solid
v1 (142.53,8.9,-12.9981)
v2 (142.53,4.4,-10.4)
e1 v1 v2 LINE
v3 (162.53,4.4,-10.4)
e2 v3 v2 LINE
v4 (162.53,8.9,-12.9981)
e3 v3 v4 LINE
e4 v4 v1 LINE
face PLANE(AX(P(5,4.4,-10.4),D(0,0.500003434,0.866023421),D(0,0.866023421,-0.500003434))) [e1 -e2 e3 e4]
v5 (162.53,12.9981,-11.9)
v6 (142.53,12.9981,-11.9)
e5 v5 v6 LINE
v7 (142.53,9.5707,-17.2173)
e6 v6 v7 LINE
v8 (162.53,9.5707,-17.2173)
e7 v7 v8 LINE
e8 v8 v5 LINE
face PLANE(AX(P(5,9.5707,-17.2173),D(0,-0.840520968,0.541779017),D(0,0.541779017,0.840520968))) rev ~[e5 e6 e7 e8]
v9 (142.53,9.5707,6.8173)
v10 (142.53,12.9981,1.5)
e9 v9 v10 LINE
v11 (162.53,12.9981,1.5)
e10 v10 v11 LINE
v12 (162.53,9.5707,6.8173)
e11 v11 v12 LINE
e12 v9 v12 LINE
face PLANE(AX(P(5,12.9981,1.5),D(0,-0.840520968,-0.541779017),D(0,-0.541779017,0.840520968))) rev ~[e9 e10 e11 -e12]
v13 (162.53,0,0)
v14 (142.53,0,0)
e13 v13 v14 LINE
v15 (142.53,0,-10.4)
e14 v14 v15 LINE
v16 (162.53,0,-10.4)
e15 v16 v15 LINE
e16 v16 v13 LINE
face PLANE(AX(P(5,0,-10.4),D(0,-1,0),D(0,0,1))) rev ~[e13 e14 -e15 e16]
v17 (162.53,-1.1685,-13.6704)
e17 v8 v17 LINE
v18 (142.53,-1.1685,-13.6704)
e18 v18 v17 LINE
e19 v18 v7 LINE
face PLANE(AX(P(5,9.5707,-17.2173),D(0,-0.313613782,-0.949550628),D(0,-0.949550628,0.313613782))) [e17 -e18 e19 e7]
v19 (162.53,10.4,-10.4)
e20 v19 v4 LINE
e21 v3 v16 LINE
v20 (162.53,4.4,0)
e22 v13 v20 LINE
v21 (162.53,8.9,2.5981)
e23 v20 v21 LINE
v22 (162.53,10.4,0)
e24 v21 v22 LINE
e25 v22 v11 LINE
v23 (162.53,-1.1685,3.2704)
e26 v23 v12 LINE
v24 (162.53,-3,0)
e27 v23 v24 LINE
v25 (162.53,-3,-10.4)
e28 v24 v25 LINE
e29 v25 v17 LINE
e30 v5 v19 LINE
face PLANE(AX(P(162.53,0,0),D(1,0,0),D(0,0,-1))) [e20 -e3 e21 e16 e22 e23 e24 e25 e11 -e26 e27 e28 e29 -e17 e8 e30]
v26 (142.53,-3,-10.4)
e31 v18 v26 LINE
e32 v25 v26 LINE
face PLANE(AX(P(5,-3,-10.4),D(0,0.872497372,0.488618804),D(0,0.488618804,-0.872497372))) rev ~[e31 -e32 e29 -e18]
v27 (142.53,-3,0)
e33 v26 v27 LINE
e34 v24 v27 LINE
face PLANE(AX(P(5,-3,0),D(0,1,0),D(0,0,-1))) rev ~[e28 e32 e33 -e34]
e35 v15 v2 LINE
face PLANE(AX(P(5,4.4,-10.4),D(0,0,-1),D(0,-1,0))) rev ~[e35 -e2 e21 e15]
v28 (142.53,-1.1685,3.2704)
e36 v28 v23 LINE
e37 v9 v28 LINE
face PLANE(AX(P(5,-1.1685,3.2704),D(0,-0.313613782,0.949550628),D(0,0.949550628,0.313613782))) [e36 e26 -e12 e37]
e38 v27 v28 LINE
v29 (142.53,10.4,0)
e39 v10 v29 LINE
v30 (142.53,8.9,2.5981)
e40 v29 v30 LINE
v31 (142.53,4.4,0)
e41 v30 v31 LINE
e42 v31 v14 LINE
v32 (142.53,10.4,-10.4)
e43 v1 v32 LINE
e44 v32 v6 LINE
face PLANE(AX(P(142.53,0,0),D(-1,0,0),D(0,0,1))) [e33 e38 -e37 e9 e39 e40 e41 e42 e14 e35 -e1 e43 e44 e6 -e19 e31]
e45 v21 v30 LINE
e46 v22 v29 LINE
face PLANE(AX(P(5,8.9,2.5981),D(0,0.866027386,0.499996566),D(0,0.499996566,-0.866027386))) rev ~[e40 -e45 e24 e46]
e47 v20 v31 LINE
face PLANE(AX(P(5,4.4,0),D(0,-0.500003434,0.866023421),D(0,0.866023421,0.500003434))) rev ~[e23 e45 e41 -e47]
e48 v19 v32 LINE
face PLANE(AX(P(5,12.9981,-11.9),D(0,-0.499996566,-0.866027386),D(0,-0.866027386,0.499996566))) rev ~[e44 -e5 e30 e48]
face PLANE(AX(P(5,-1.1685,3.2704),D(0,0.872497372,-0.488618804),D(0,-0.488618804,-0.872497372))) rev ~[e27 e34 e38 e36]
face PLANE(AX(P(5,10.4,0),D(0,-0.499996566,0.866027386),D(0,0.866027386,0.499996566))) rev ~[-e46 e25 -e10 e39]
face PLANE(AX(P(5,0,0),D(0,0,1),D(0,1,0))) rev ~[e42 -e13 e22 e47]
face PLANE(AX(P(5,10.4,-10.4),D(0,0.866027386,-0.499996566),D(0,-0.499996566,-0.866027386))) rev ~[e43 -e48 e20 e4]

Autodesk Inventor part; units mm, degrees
ref_plane "YZ Plane" through (0, 0, 0) normal (1, 0, 0) x (0, 1, 0)
ref_plane "XZ Plane" through (0, 0, 0) normal (0, 1, 0) x (-1, 0, 0)
ref_plane "XY Plane" through (0, 0, 0) normal (0, 0, 1) x (1, 0, 0)
sketch "Эскиз8" plane through (0, 0, 0) normal (1, 0, 0) x (0, 1, 0)
  line L0 (0, 0) -> (10.4, 0)
  line L1 (10.4, 0) -> (10.4, -10.4)
  line L2 (10.4, -10.4) -> (0, -10.4)
  line L3 (0, -10.4) -> (0, 0)
  line L4 (5.2, 0) -> (5.2, 4)
  line L5 (5.2, -10.4) -> (5.2, -14.4)
  circle A0 centre (5.2, 4) radius 1.6
  circle A1 centre (5.2, -14.4) radius 1.6
  line L6 (5.2, 4) -> (7.9, 4)
  line L7 (7.9, 2.4412) -> (5.2, 0.8823)
  line L8 (5.2, 0.8823) -> (2.5, 2.4412)
  line L9 (2.5, 2.4412) -> (2.5, 5.5588)
  line L10 (2.5, 5.5588) -> (5.2, 7.1177)
  line L11 (5.2, 7.1177) -> (7.9, 5.5588)
  line L12 (7.9, 5.5588) -> (7.9, 2.4412)
  line L13 (7.9, -15.9588) -> (5.2, -17.5177)
  line L14 (5.2, -17.5177) -> (2.5, -15.9588)
  line L15 (2.5, -15.9588) -> (2.5, -12.8412)
  line L16 (2.5, -12.8412) -> (5.2, -11.2823)
  line L17 (5.2, -11.2823) -> (7.9, -12.8412)
  line L18 (7.9, -12.8412) -> (7.9, -15.9588)
  circle A2 centre (5.2, 4) radius 5.2
  circle A3 centre (5.2, -14.4) radius 5.2
  line L19 (10.4, 4) -> (10.4, 0)
  line L20 (10.4, -10.4) -> (10.4, -14.4)
  line L21 (0, -14.4) -> (0, -10.4)
  line L22 (0, 4) -> (0, 0)
  line L23 (7.9, 5.5588) -> (7.9, 8.4441)
  line L24 (2.5, 5.5588) -> (2.5, 8.4441)
  line L25 (2.5, -15.9588) -> (2.5, -18.8441)
  line L26 (7.9, -15.9588) -> (7.9, -18.8441)
  line L27 (0, 0) -> (-3, 0)
  line L28 (-3, 0) -> (-3, -10.4)
  line L29 (-3, -10.4) -> (0, -10.4)
  line L30 (0, -10.4) -> (0, 0)
  line L31 (10.4, 0) -> (8.9, 2.5981)
  line L32 (10.4, -10.4) -> (8.9, -12.9981)
  line L33 (10.4, -10.4) -> (13.4, -10.4) construction
  line L34 (8.9, -12.9981) -> (4.4, -10.4)
  line L35 (8.9, 2.5981) -> (4.4, 0)
  line L36 (-3, 0) -> (0.663, 6.5408)
  line L37 (-3, -10.4) -> (0.663, -16.9408)
  line L38 (10.4, 0) -> (12.9981, 1.5)
  line L39 (12.9981, 1.5) -> (9.5707, 6.8173)
  line L40 (10.4, -10.4) -> (12.9981, -11.9)
  line L41 (12.9981, -11.9) -> (9.5707, -17.2173)
  point P0 (7.9, -14.4)
  dimension "d51" = 10.4
  dimension "d52" = 10.4
  dimension "d53" = 4
  dimension "d54" = 4
  dimension "d55" = 3.2
  dimension "d56" = 3.2
  dimension "d57" = 2.7
  dimension "d58" = 3
  dimension "d59" = 3
  dimension "d60" = 3
  dimension "d61" = 120
  dimension "d62" = 3
  dimension "d63" = 3
extrude "Выдавливание6" add sketch "Эскиз8" along normal blind 5 contours L0 A2 L24 L9 L8 L4 L35 | L0 L22 A2 | L4 L7 L12 L23 A2 L31 L35 | L27 L36 A2 L22 | L3 L29 L28 L27 | L31 A2 L19 | L19 A2 L39 L38 | L2 A3 L21 | L21 A3 L37 L29 | L40 L41 A3 L20 | L20 A3 L32 | L2 L34 L5 L16 L15 L25 A3 | A3 L26 L18 L17 L5 L34 L32
sketch "Эскиз9" plane through (0, 0, 0) normal (-1, 0, 0) x (0, 0, 1)
  arc A0 (-18.8441, 2.5) -> (-16.9408, 0.663) centre (-14.4, 5.2) ccw projected
  circle A1 centre (-14.4, 5.2) radius 5.2
  circle A2 centre (-14.4, 5.2) radius 1.6
  arc A3 (6.5408, 0.663) -> (8.4441, 2.5) centre (4, 5.2) ccw projected
  circle A4 centre (4, 5.2) radius 5.2
  circle A5 centre (4, 5.2) radius 1.6
  line L0 (2.5981, 8.9) -> (0, 10.4) projected
  line L1 (0, 10.4) -> (2.5981, 8.9)
  line L2 (0, 4.4) -> (2.5981, 8.9) projected
  line L3 (2.5981, 8.9) -> (0, 4.4)
  line L4 (0, 0) -> (0, 4.4) projected
  line L5 (0, 4.4) -> (0, 0)
  line L6 (-10.4, 4.4) -> (-10.4, 0) projected
  line L7 (0, 0) -> (-10.4, 0)
  line L8 (-10.4, 0) -> (-10.4, 1.8774)
  line L9 (-10.4, 10.4) -> (-12.9981, 8.9) projected
  line L10 (-11.699, 9.65) -> (-10.4, 10.4)
  line L11 (-11.9, 12.9981) -> (-10.4, 10.4) projected
  line L12 (-10.4, 10.4) -> (-11.9, 12.9981)
  line L13 (-17.2173, 9.5707) -> (-11.9, 12.9981) projected
  line L14 (-11.9, 12.9981) -> (-17.2173, 9.5707)
  line L15 (0, 10.4) -> (1.5, 12.9981) projected
  line L16 (0, 10.4) -> (1.5, 12.9981)
  line L17 (1.5, 12.9981) -> (6.8173, 9.5707) projected
  line L18 (1.5, 12.9981) -> (6.8173, 9.5707)
  line L19 (0, -3) -> (-10.4, -3) projected
  line L20 (0, -3) -> (6.5408, 0.663)
  line L21 (6.5408, 0.663) -> (0, -3) projected
  line L22 (-10.4, -3) -> (-16.9408, 0.663)
  line L23 (-10.4, -3) -> (-16.9408, 0.663) projected
  line L24 (-10.4, -3) -> (0, -3)
  line L25 (-10.4, 0) -> (0, 0) projected
  line L26 (0, 0) -> (-10.4, 0)
  line L27 (-10.4, 0) -> (-10.4, 1.8774)
  line L28 (0, 1.8774) -> (0, 0)
  line L29 (-11.699, 9.65) -> (-12.9981, 8.9)
  line L30 (-12.9981, 8.9) -> (-10.4, 4.4) projected
  line L31 (-10.4, 4.4) -> (-12.9981, 8.9)
  line L32 (-12.9981, 8.9) -> (-10.4, 4.4)
  line L33 (-10.4, 4.4) -> (-10.4, 1.8774)
  line L34 (0, 1.8774) -> (0, 4.4)
  line L35 (2.5981, 8.9) -> (0, 4.4)
  line L36 (1.299, 9.65) -> (2.5981, 8.9)
  point P0 (-18.8441, 2.5)
  point P1 (-16.9408, 0.663)
  point P2 (6.5408, 0.663)
  point P3 (8.4441, 2.5)
  dimension "d66" = 3.2
  dimension "d67" = 3.2
extrude "Выдавливание7" add sketch "Эскиз9" along normal blind 5 contours A1 L9 L30 L6 A0 | A1 L6 L7 L4 A4 L20 L19 L22 | L13 L11 L9 A1 | A4 L4 L2 L0 A3 | L0 L15 L17 A4
sketch "Эскиз10" plane through (5, 0, 0) normal (1, 0, 0) x (0, 0, -1)
  line L0 (-1.5, 12.9981) -> (-6.8173, 9.5707) projected
  line L1 (0, 10.4) -> (-1.5, 12.9981) projected
  line L2 (-1.5, 12.9981) -> (0, 10.4)
  line L3 (-2.5981, 8.9) -> (0, 10.4) projected
  line L4 (0, 10.4) -> (-2.5981, 8.9)
  line L5 (0, 4.4) -> (-2.5981, 8.9) projected
  line L6 (-2.5981, 8.9) -> (0, 4.4)
  line L7 (0, 0) -> (0, 4.4) projected
  line L8 (0, 4.4) -> (0, 0)
  line L9 (10.4, 0) -> (0, 0) projected
  line L10 (0, 0) -> (10.4, 0)
  line L11 (10.4, 4.4) -> (10.4, 0) projected
  line L12 (10.4, 0) -> (10.4, 4.4)
  line L13 (10.4, 10.4) -> (12.9981, 8.9) projected
  line L14 (10.4, 4.4) -> (12.9981, 8.9)
  line L15 (12.9981, 8.9) -> (10.4, 10.4)
  line L16 (11.9, 12.9981) -> (10.4, 10.4) projected
  line L17 (10.4, 10.4) -> (11.9, 12.9981)
  line L18 (17.2173, 9.5707) -> (11.9, 12.9981) projected
  line L19 (11.9, 12.9981) -> (17.2173, 9.5707)
  line L20 (17.2173, 9.5707) -> (13.6704, -1.1685)
  line L21 (10.4, -3) -> (16.9408, 0.663) projected
  line L22 (10.4, -3) -> (13.6704, -1.1685)
  line L23 (0, -3) -> (10.4, -3) projected
  line L24 (-6.5408, 0.663) -> (0, -3) projected
  line L25 (10.4, -3) -> (0, -3)
  arc A0 (-8.4441, 2.5) -> (-6.5408, 0.663) centre (-4, 5.2) ccw projected
  line L26 (0, -3) -> (-6.5408, 0.663)
  line L27 (-3.2704, -1.1685) -> (-6.8173, 9.5707)
  line L28 (-6.8173, 9.5707) -> (-1.5, 12.9981)
extrude "Выдавливание8" add sketch "Эскиз10" along normal blind 157.53
sketch "Эскиз13" plane through (162.53, 0, 0) normal (1, 0, 0) x (0, 0, -1)
  line L0 (-6.8173, 9.5707) -> (-1.5, 12.9981) projected
  line L1 (-1.5, 12.9981) -> (-6.8173, 9.5707)
  line L2 (-6.5408, 0.663) -> (-3.2704, -1.1685) projected
  line L3 (-6.8173, 9.5707) -> (-3.2704, -1.1685)
  line L4 (-3.2704, -1.1685) -> (0, -3)
  line L5 (10.4, -3) -> (0, -3) projected
  line L6 (0, -3) -> (10.4, -3)
  line L7 (16.9408, 0.663) -> (10.4, -3) projected
  line L8 (10.4, -3) -> (13.6704, -1.1685)
  line L9 (13.6704, -1.1685) -> (17.2173, 9.5707) projected
  line L10 (17.2173, 9.5707) -> (13.6704, -1.1685)
  arc A0 (16.9408, 0.663) -> (17.2173, 9.5707) centre (14.4, 5.2) ccw projected
  line L11 (17.2173, 9.5707) -> (11.9, 12.9981) projected
  line L12 (17.2173, 9.5707) -> (11.9, 12.9981)
  line L13 (11.9, 12.9981) -> (10.4, 10.4) projected
  line L14 (11.9, 12.9981) -> (10.4, 10.4)
  line L15 (10.4, 10.4) -> (12.9981, 8.9) projected
  line L16 (10.4, 10.4) -> (12.9981, 8.9)
  line L17 (12.9981, 8.9) -> (10.4, 4.4)
  line L18 (10.4, 4.4) -> (12.9981, 8.9) projected
  line L19 (0, 0) -> (10.4, 0) projected
  line L20 (10.4, 4.4) -> (10.4, 0)
  line L21 (10.4, 0) -> (0, 0)
  line L22 (0, 4.4) -> (0, 0) projected
  line L23 (0, 0) -> (0, 4.4)
  line L24 (0, 10.4) -> (-2.5981, 8.9) projected
  line L25 (0, 4.4) -> (-2.5981, 8.9)
  line L26 (-2.5981, 8.9) -> (0, 10.4)
  line L27 (-1.5, 12.9981) -> (0, 10.4) projected
  line L28 (0, 10.4) -> (-1.5, 12.9981)
  line L29 (-1.5, 12.9981) -> (11.9, 12.9981)
  line L30 (11.9, 12.9981) -> (11.9, 16.9981)
  line L31 (-1.5, 16.9981) -> (-1.5, 12.9981)
  line L32 (-1.5, 16.9981) -> (0, 16.9981)
  line L33 (0, 20.9981) -> (0, 22.9981)
  line L34 (-1, 23.9981) -> (-0.6923, 23.9981)
  line L35 (-1.5, 21.2778) -> (-1.5, 16.9981)
  line L36 (11.9, 16.9981) -> (10.4, 16.9981)
  line L37 (10.4, 20.9981) -> (10.4, 22.9981)
  line L38 (11.4, 23.9981) -> (11.0923, 23.9981)
  line L39 (11.9, 21.2778) -> (11.9, 16.9981)
  line L40 (-1.5, 23.9981) -> (-1.5, 22.4981)
  line L41 (-6.8173, 9.5707) -> (-3.2704, -1.1685) projected
  arc A1 (-2.3689, 21.6153) -> (-6.8173, 9.5707) centre (10.1732, 10.1395) ccw
  arc A2 (17.2173, 9.5707) -> (12.7689, 21.6153) centre (0.2268, 10.1395) ccw
  line L42 (11.9, 12.9981) -> (19.7387, 7.9454)
  line L43 (-1.5, 12.9981) -> (-9.3387, 7.9454)
  arc A3 (-2.1057, 23.413) -> (-9.3387, 7.9454) centre (15.5626, 5.726) ccw
  arc A4 (19.7387, 7.9454) -> (12.5057, 23.413) centre (-5.1626, 5.726) ccw
  line L44 (13.6704, -1.1685) -> (16.2685, -2.6685)
  line L45 (13.6704, -1.1685) -> (16.6704, -1.1685) construction
  line L46 (-3.2704, -1.1685) -> (-5.8685, -2.6685)
  line L47 (-3.2704, -1.1685) -> (-0.2704, -1.1685) construction
  line L48 (0, -3) -> (-6.5408, 0.663) projected
  line L49 (0, -3) -> (-3.7158, -6.3971)
  line L50 (10.4, -3) -> (14.1158, -6.3971)
  spline S0 degree 2 poles (-1.6495, -2.0762) (-2.6908, -8.8998) (-6.9021, -5.2438) knots 0 0 0 1 1 1
  spline S1 degree 2 poles (12.0352, -2.0842) (13.0969, -8.8932) (17.2999, -5.2483) knots 0 0 0 1 1 1
  arc A5 (-9.3387, 7.9454) -> (-6.9021, -5.2438) centre (15.5626, 5.726) ccw
  arc A6 (17.2999, -5.2483) -> (19.7387, 7.9454) centre (-5.1626, 5.726) ccw
  arc A7 (12.7689, 21.6153) -> (11.9, 21.2778) centre (12.4, 21.2778) ccw
  arc A8 (-1.5, 21.2778) -> (-2.3689, 21.6153) centre (-2, 21.2778) ccw
  arc A9 (-0.6923, 23.9981) -> (-2.1057, 23.413) centre (-0.6923, 21.9981) ccw
  arc A10 (12.5057, 23.413) -> (11.0923, 23.9981) centre (11.0923, 21.9981) ccw
  arc A11 (11.4, 23.9981) -> (10.4, 22.9981) centre (11.4, 22.9981) ccw
  arc A12 (0, 22.9981) -> (-1, 23.9981) centre (-1, 22.9981) ccw
  line L51 (1, 19.9981) -> (9.4, 19.9981)
  line L52 (10.4, 16.9981) -> (9.687, 16.9981)
  line L53 (9.687, 16.9981) -> (0, 16.9981)
  arc A13 (0, 20.9981) -> (1, 19.9981) centre (1, 20.9981) ccw
  arc A14 (9.4, 19.9981) -> (10.4, 20.9981) centre (9.4, 20.9981) ccw
  point P0 (0, 23.9981)
  point P1 (10.4, 23.9981)
  point P2 (11.9, 23.9981)
  point P3 (11.9, 22.4981)
  point P4 (0, 19.9981)
  point P5 (10.4, 19.9981)
  point P6 (-6.9021, -5.2438)
  point P7 (-2.7015, -5.4698)
  point P8 (-1.6495, -2.0762)
  point P9 (12.0352, -2.0842)
  point P10 (13.0907, -5.4599)
  point P11 (11.2726, 23.9899)
  point P12 (-0.8726, 23.9899)
  dimension "d78" = 4
  dimension "d80" = 1.5
  dimension "d81" = 1.5
  dimension "d82" = 17
  dimension "d83" = 17
  dimension "d85" = 9.326
  dimension "d86" = 9.326
  dimension "d87" = 25
  dimension "d88" = 25
  dimension "d89" = 3
  dimension "d90" = 30
  dimension "d91" = 3
  dimension "d92" = 150
  dimension "d94" = 0.5
  dimension "d95" = 2
  dimension "d96" = 1
  dimension "d99" = 1
extrude "Выдавливание10" add sketch "Эскиз13" along normal blind 10 contours L43 A3 A9 A12 L33 A13 L51 A14 L37 A11 A10 A4 L42 A2 A7 L39 L36 L52 L53 L32 L35 A8 A1 | L3 L4 S0 L49 A5 L43 | A0 L7 L9 | L42 A6 S1 L50 L7 A0 | S0 L49 | L50 S1
sketch "Эскиз15" plane through (172.53, 0, 0) normal (1, 0, 0) x (0, 0, -1)
  arc A0 (-8.4441, 2.5) -> (-6.5408, 0.663) centre (-4, 5.2) ccw projected
  arc A1 (-2.1057, 23.413) -> (-6.9021, -5.2438) centre (15.5626, 5.726) ccw projected
  spline S0 degree 2 poles (-1.6495, -2.0762) (-9.2024, -10.4533) (-8.4441, 2.5) knots 0 0 0 1 1 1
  line L0 (10.4, -3) -> (12.0352, -2.0842) projected
  line L1 (18.8441, 2.5) -> (14.882, 2.5) projected
  arc A2 (17.2999, -5.2483) -> (12.5057, 23.413) centre (-5.1626, 5.726) ccw projected
  spline S1 degree 2 poles (12.0352, -2.0842) (19.6046, -10.4586) (18.8441, 2.5) knots 0 0 0 1 1 1
  line L2 (18.6354, -3) -> (19.4948, 1.6016)
  line L3 (-8.235, -3) -> (-9.0948, 1.6016)
  line L4 (-1.6495, -2.0762) -> (-3.2704, -1.1685) projected
  spline S2 degree 2 poles (-1.6495, -2.0762) (-2.6908, -8.8998) (-6.9021, -5.2438) knots 0 0 0 1 1 1
  spline S3 degree 2 poles (12.0352, -2.0842) (13.0969, -8.8932) (17.2999, -5.2483) knots 0 0 0 1 1 1
  point P0 (0, 0)
  point P1 (-3.7158, -6.3971)
  point P2 (14.1158, -6.3971)
extrude "Выдавливание11" cut sketch "Эскиз15" against normal blind 10
sketch "Эскиз16" plane through (172.53, 0, 0) normal (1, 0, 0) x (0, 0, -1)
  line L0 (-1.6495, -2.0762) -> (-3.2704, -1.1685) projected
  line L1 (-2.4412, 2.5) -> (-8.4441, 2.5) projected
  arc A0 (-2.1057, 23.413) -> (-6.9021, -5.2438) centre (15.5626, 5.726) ccw projected
  spline S0 degree 2 poles (-1.6495, -2.0762) (-9.2024, -10.4533) (-8.4441, 2.5) knots 0 0 0 1 1 1
  line L2 (13.6704, -1.1685) -> (12.0352, -2.0842) projected
  arc A1 (16.9408, 0.663) -> (18.8441, 2.5) centre (14.4, 5.2) ccw projected
  arc A2 (17.2999, -5.2483) -> (12.5057, 23.413) centre (-5.1626, 5.726) ccw projected
  spline S1 degree 2 poles (12.0352, -2.0842) (19.6046, -10.4586) (18.8441, 2.5) knots 0 0 0 1 1 1
  line L3 (-1.6495, -2.0762) -> (0, -3) projected
  line L4 (-1.6495, -2.0762) -> (-8.4702, -1.1606)
  line L5 (12.0352, -2.0842) -> (18.8706, -1.1592)
  line L6 (-8.235, -3) -> (-9.0071, 1.1077)
  line L7 (18.6354, -3) -> (19.4075, 1.1099)
  point P0 (0, 0)
  point P1 (18.7195, -2.5523)
  point P2 (-8.319, -2.5532)
extrude "Выдавливание12" add sketch "Эскиз16" against normal blind 10
sketch "Эскиз17" plane through (-5, 0, 0) normal (-1, 0, 0) x (0, 0, 1)
  line L0 (-37.7292, 41.1824) -> (41.3103, 41.1824)
  line L1 (41.3103, 41.1824) -> (41.3103, -34.7876)
  line L2 (41.3103, -34.7876) -> (-37.7292, -34.7876)
  line L3 (-37.7292, -34.7876) -> (-37.7292, 41.1824)
  point P0 (0, 0)
extrude "Выдавливание13" cut sketch "Эскиз17" against normal blind 147.53
sketch "Эскиз18" plane through (172.53, 0, 0) normal (1, 0, 0) x (0, 0, -1)
  line L0 (-31.4647, -11.5956) -> (67.799, -11.5956)
  line L1 (67.799, -11.5956) -> (67.799, 38.6102)
  line L2 (67.799, 38.6102) -> (-31.4647, 38.6102)
  line L3 (-31.4647, 38.6102) -> (-31.4647, -11.5956)
  point P0 (0, 0)
extrude "Выдавливание14" cut sketch "Эскиз18" against normal blind 10
properties part number "защёлка_выдача"
